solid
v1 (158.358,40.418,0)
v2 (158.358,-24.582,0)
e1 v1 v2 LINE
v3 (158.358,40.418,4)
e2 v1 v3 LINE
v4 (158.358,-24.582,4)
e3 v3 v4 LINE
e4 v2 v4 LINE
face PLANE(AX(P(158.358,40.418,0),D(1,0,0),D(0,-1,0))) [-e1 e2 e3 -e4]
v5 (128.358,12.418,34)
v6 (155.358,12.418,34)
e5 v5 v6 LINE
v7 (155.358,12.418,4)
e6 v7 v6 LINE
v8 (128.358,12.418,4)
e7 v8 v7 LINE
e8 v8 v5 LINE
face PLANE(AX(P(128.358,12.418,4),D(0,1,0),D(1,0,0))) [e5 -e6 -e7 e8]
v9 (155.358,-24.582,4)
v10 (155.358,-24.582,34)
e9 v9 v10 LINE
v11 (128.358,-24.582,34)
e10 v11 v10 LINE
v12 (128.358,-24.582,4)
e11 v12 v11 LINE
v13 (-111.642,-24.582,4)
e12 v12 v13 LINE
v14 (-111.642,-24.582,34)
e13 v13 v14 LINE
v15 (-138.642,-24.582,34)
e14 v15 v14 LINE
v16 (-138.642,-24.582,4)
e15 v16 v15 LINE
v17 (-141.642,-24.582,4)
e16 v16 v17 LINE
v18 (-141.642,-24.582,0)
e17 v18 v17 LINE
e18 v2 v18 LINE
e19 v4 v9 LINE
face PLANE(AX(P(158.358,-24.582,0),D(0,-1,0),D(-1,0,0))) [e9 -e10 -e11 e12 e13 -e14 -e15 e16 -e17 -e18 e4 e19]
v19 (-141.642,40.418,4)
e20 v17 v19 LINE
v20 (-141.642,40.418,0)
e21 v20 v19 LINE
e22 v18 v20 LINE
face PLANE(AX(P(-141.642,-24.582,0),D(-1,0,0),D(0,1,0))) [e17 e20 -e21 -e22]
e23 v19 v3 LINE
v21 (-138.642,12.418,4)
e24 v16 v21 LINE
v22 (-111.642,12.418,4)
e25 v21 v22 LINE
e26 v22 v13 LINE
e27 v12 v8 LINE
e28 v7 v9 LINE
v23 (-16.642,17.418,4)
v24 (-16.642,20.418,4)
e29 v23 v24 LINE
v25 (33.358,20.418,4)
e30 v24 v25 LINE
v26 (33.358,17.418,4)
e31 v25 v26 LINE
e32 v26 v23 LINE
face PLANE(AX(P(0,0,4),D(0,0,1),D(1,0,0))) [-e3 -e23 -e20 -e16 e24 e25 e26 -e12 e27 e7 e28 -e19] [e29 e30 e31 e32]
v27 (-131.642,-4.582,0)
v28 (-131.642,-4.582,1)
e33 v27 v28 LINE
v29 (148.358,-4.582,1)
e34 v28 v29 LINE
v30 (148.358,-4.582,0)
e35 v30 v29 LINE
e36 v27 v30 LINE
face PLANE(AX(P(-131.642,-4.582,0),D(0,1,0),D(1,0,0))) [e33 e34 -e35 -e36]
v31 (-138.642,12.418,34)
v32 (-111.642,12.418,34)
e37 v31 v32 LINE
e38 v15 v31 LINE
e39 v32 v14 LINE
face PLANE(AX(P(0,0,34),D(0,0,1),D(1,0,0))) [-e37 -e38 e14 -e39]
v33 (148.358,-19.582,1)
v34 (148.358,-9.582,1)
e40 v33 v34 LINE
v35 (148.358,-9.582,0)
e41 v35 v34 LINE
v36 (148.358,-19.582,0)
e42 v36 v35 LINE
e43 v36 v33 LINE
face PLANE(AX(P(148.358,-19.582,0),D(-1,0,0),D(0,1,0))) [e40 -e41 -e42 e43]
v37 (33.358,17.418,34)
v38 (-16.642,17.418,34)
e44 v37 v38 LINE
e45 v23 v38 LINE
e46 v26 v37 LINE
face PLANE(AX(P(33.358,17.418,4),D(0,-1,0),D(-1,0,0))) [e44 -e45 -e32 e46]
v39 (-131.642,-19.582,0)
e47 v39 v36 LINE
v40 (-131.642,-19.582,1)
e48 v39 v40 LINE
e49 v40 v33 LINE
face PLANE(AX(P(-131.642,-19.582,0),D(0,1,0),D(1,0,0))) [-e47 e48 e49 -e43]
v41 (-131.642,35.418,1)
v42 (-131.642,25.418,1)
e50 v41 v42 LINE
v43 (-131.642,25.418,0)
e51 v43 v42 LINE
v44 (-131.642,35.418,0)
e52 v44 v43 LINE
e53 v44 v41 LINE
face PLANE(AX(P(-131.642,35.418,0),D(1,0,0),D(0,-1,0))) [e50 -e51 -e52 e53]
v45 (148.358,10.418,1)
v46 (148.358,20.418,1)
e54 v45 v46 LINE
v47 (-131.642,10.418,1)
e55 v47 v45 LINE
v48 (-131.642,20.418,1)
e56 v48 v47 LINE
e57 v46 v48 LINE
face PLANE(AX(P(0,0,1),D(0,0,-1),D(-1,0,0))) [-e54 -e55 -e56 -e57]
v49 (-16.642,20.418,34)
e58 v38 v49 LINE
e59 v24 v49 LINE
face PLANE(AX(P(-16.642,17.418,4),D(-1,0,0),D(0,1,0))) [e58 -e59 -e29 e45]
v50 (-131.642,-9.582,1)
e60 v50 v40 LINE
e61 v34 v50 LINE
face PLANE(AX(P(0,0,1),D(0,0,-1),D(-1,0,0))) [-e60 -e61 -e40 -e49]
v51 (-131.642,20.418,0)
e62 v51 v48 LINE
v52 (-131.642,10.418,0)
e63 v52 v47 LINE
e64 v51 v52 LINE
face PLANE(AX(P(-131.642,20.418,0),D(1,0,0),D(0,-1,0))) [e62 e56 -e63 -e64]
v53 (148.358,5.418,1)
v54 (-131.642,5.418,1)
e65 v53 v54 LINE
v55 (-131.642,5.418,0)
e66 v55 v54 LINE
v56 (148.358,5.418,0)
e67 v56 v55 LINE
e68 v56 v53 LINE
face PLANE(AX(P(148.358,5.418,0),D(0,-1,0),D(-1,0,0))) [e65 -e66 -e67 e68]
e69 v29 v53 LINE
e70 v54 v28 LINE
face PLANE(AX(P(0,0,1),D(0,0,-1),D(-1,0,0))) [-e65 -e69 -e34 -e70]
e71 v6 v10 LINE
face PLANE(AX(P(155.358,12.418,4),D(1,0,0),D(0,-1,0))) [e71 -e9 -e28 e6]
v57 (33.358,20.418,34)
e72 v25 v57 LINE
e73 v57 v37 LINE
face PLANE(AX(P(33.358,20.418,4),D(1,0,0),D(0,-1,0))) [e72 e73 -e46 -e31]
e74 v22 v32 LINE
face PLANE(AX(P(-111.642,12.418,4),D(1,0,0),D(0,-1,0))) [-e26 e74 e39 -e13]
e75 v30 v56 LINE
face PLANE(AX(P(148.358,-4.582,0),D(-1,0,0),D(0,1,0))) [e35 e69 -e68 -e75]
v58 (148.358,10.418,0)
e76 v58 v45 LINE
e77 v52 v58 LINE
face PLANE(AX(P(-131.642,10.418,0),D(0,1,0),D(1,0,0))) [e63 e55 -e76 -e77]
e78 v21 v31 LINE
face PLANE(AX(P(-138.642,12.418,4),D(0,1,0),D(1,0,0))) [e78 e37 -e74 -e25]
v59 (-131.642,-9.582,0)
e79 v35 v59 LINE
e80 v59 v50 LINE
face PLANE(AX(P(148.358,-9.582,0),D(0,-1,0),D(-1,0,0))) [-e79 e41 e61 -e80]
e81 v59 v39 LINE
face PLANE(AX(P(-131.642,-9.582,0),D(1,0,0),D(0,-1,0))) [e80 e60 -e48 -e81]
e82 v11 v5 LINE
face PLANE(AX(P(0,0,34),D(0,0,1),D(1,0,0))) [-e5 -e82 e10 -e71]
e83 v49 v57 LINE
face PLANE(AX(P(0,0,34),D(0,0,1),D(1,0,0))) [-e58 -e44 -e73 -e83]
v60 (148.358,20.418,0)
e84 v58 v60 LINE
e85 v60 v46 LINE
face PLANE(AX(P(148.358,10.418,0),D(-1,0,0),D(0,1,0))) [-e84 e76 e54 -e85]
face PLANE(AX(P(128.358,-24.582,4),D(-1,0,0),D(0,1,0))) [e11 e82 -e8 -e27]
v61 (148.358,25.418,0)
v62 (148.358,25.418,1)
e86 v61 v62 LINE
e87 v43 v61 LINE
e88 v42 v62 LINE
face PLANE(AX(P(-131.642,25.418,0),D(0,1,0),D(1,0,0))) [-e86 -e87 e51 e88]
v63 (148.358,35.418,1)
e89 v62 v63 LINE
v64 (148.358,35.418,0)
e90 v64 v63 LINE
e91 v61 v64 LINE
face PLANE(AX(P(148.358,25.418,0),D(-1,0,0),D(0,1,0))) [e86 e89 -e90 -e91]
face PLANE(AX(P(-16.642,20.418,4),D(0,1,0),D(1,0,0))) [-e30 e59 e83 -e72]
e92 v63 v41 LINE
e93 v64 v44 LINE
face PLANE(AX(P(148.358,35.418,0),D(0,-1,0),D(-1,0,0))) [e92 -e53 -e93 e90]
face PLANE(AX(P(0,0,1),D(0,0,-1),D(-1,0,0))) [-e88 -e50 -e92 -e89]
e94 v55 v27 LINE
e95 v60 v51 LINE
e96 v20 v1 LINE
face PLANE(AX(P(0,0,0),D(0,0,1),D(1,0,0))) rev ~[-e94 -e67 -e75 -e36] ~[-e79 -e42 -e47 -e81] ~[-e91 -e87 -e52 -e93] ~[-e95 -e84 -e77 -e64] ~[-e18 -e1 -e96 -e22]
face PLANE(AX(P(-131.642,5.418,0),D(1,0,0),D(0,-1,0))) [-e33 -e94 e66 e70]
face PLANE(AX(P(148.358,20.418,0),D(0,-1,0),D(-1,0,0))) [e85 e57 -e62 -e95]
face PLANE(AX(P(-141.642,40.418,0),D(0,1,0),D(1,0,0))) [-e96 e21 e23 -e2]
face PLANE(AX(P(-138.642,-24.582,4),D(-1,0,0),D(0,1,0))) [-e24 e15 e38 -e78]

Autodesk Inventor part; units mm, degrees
ref_plane "YZ Plane" through (0, 0, 0) normal (1, 0, 0) x (0, 1, 0)
ref_plane "XZ Plane" through (0, 0, 0) normal (0, 1, 0) x (-1, 0, 0)
ref_plane "XY Plane" through (0, 0, 0) normal (0, 0, 1) x (1, 0, 0)
sketch "Esquisse1" plane through (0, 0, 0) normal (0, 0, 1) x (1, 0, 0)
  line L0 (-141.642, 40.418) -> (158.358, 40.418)
  line L1 (158.358, 40.418) -> (158.358, -24.582)
  line L2 (158.358, -24.582) -> (-141.642, -24.582)
  line L3 (-141.642, -24.582) -> (-141.642, 40.418)
  point P0 (0, 0)
  dimension "d0" = 300
  dimension "d1" = 65
extrude "Extrusion1" add sketch "Esquisse1" along normal blind 4
sketch "Esquisse2" plane through (0, 0, 4) normal (0, 0, 1) x (1, 0, 0)
  line L0 (-141.642, -24.582) -> (158.358, -24.582) projected
  line L1 (-138.642, 12.418) -> (-111.642, 12.418)
  line L2 (-111.642, 12.418) -> (-111.642, -24.582)
  line L3 (-111.642, -24.582) -> (-138.642, -24.582)
  line L4 (-138.642, -24.582) -> (-138.642, 12.418)
  line L5 (128.358, 12.418) -> (155.358, 12.418)
  line L6 (155.358, 12.418) -> (155.358, -24.582)
  line L7 (155.358, -24.582) -> (128.358, -24.582)
  line L8 (128.358, -24.582) -> (128.358, 12.418)
  line L9 (158.358, -24.582) -> (158.358, 40.418) projected
  line L10 (-141.642, 40.418) -> (-141.642, -24.582) projected
  point P0 (0, 0)
  dimension "d34" = 270
  dimension "d36" = 270
  dimension "d37" = 27
  dimension "d38" = 27
  dimension "d39" = 0
  dimension "d40" = 0
  dimension "d41" = 37
extrude "Extrusion2" add sketch "Esquisse2" along normal blind 30
sketch "Esquisse3" plane through (0, 0, 0) normal (0, 0, -1) x (-1, 0, 0)
  line L0 (-148.358, 35.418) -> (131.642, 35.418)
  line L1 (131.642, 35.418) -> (131.642, 25.418)
  line L2 (131.642, 25.418) -> (-148.358, 25.418)
  line L3 (-148.358, 25.418) -> (-148.358, 35.418)
  line L4 (-148.358, 20.418) -> (131.642, 20.418)
  line L5 (131.642, 20.418) -> (131.642, 10.418)
  line L6 (131.642, 10.418) -> (-148.358, 10.418)
  line L7 (-148.358, 10.418) -> (-148.358, 20.418)
  line L8 (-158.358, 40.418) -> (141.642, 40.418) projected
  line L9 (-148.358, 5.418) -> (131.642, 5.418)
  line L10 (131.642, 5.418) -> (131.642, -4.582)
  line L11 (131.642, -4.582) -> (-148.358, -4.582)
  line L12 (-148.358, -4.582) -> (-148.358, 5.418)
  line L13 (-148.358, -9.582) -> (131.642, -9.582)
  line L14 (131.642, -9.582) -> (131.642, -19.582)
  line L15 (131.642, -19.582) -> (-148.358, -19.582)
  line L16 (-148.358, -19.582) -> (-148.358, -9.582)
  line L17 (141.642, -24.582) -> (-158.358, -24.582) projected
  line L18 (-158.358, -24.582) -> (-158.358, 40.418) projected
  dimension "d14" = 5
  dimension "d15" = 10
  dimension "d16" = 5
  dimension "d17" = 10
  dimension "d20" = 5
  dimension "d21" = 10
  dimension "d22" = 5
  dimension "d23" = 10
  dimension "d24" = 280
  dimension "d25" = 280
  dimension "d26" = 280
  dimension "d27" = 280
  dimension "d28" = 10
  dimension "d29" = 10
  dimension "d30" = 10
  dimension "d31" = 10
extrude "Extrusion3" cut sketch "Esquisse3" against normal blind 1
sketch "Esquisse4" plane through (0, 0, 4) normal (0, 0, 1) x (1, 0, 0)
  line L0 (-16.642, 20.418) -> (33.358, 20.418)
  line L1 (33.358, 20.418) -> (33.358, 17.418)
  line L2 (33.358, 17.418) -> (-16.642, 17.418)
  line L3 (-16.642, 17.418) -> (-16.642, 20.418)
  line L4 (-111.642, -24.582) -> (128.358, -24.582) projected
  line L5 (158.358, -24.582) -> (158.358, 40.418) projected
  point P0 (0, 0)
  dimension "d42" = 42
  dimension "d43" = 3
  dimension "d44" = 50
  dimension "d45" = 125
extrude "Extrusion4" add sketch "Esquisse4" along normal blind 30
properties part number "pièce_chassis"
